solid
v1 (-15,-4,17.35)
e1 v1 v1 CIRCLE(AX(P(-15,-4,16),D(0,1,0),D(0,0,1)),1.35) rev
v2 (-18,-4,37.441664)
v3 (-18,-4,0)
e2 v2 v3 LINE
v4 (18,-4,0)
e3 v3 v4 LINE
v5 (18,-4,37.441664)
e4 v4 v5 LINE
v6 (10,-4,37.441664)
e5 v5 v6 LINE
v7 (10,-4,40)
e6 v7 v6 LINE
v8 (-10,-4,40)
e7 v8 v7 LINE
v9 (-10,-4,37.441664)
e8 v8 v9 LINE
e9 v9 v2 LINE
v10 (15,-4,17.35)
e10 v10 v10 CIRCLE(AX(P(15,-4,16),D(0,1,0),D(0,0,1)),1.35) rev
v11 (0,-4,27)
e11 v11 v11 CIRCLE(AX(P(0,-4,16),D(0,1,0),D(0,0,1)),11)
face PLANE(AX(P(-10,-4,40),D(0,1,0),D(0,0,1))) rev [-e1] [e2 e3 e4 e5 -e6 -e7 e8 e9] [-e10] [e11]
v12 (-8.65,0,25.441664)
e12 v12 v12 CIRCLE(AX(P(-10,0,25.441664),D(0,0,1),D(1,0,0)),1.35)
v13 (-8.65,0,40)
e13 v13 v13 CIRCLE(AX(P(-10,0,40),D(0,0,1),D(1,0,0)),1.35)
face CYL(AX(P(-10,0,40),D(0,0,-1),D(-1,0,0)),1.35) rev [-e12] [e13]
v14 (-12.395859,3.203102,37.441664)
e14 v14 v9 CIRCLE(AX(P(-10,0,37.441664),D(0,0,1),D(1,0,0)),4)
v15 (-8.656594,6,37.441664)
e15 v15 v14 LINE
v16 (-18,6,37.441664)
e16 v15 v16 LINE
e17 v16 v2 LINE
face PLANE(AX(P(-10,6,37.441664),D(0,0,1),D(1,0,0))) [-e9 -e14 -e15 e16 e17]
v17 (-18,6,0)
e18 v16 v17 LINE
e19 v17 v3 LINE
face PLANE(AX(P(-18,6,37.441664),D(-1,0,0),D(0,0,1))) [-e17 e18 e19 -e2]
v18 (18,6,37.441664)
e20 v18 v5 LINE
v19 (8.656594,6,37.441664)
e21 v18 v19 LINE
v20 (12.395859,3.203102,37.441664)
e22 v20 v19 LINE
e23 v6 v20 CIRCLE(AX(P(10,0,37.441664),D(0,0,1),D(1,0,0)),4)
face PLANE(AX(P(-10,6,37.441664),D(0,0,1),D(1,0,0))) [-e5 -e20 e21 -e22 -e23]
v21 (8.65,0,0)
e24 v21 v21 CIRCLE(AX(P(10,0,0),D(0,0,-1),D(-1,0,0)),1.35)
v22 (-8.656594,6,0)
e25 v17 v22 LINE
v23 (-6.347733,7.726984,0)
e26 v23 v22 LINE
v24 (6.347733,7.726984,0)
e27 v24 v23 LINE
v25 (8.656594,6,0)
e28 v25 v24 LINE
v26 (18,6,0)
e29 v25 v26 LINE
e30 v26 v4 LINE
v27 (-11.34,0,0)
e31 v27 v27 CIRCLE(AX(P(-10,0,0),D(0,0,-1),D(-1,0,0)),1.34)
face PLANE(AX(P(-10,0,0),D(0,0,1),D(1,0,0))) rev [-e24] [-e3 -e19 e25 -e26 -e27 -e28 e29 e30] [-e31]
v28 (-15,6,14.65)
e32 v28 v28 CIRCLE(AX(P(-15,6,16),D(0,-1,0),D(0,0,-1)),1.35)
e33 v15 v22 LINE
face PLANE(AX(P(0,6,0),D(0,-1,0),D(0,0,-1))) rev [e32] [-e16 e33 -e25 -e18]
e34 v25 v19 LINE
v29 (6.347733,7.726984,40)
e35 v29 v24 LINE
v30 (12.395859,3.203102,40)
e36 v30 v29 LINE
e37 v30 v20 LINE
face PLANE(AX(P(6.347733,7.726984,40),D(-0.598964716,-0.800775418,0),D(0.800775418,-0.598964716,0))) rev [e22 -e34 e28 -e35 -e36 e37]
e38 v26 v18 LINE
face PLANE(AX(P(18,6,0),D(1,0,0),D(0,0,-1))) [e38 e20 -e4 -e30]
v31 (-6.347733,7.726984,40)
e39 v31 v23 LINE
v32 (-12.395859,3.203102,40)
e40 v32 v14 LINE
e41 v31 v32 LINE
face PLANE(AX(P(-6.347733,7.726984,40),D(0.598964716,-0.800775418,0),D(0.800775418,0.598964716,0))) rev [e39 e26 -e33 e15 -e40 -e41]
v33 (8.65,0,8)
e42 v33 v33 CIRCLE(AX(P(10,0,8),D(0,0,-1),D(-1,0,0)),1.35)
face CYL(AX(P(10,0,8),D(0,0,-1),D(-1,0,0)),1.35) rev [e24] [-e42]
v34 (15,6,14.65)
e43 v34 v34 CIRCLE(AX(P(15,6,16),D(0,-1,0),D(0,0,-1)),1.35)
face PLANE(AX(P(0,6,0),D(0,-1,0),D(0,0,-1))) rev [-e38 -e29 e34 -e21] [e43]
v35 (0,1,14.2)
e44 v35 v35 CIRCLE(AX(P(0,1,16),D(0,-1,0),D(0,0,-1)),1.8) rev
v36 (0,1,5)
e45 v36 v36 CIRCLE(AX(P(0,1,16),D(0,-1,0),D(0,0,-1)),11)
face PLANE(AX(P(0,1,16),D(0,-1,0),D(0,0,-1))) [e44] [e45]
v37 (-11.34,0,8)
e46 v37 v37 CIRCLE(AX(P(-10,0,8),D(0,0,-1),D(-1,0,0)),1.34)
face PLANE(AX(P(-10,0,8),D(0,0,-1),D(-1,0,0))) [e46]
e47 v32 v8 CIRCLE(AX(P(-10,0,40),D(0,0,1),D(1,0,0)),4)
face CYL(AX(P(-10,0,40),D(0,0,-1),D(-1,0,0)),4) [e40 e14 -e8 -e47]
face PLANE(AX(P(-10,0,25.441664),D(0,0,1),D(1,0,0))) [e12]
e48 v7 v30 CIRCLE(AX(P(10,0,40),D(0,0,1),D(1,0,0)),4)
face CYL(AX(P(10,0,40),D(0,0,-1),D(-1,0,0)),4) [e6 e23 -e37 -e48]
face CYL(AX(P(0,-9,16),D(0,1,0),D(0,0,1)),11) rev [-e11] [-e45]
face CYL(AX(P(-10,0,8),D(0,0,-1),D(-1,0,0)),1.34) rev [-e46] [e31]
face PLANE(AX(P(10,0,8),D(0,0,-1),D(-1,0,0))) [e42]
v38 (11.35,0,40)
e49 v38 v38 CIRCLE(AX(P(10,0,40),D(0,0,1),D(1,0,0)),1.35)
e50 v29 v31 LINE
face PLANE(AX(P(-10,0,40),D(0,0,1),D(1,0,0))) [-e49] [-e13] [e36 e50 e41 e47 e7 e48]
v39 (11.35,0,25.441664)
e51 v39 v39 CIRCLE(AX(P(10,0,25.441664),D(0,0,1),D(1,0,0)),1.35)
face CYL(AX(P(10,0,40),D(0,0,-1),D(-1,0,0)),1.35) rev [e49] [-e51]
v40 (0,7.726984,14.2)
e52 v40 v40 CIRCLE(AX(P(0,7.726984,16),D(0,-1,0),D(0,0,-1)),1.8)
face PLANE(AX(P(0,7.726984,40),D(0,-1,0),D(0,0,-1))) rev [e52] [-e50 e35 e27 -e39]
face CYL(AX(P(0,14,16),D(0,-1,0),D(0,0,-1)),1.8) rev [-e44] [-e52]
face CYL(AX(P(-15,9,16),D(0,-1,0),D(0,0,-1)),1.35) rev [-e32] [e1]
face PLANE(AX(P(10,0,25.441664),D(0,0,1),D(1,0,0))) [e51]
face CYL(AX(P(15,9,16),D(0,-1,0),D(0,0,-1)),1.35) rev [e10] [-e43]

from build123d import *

# Parameters (mm, degrees)
SKETCH_1_R          = 1.35
EXTRUDE_1_DEPTH     = 40
EXTRUDE_2_DEPTH     = 10
SKETCH_3_W          = 36
SKETCH_3_H          = 37.441664415
SKETCH_3_R          = 11
EXTRUDE_3_DEPTH     = 5
SKETCH_4_R          = 1.8
CUT_EXTRUDE_1_DEPTH = 18
SKETCH_5_R          = 1.35
CUT_EXTRUDE_2_DEPTH = 18
CUT_EXTRUDE_START   = -5
SKETCH_6_R          = 11
CUT_EXTRUDE_3_DEPTH = 5
SKETCH_7_W          = 36
SKETCH_7_H          = 37.441664415
CUT_EXTRUDE_4_DEPTH = 5
CUT_EXTRUDE_START_2 = -12
SKETCH_8_R          = 1.35
CUT_EXTRUDE_5_DEPTH = 12
SKETCH_10_R         = 1.34
SKETCH_10_R_2       = 1.35
CUT_EXTRUDE_6_DEPTH = 8


with BuildPart() as part:
    # 草图1 → 凸台-拉伸1 (new body)
    with BuildSketch(Plane.XY):
        with BuildLine():
            Line((-10, -4), (10, -4))
            ThreePointArc((10, -4), (13.795550466, -1.262456597), (12.395858862, 3.203101671))
            Line((12.395858862, 3.203101671), (6.347732719, 7.726984491))
            Line((6.347732719, 7.726984491), (0, 7.726984491))
            Line((0, 7.726984491), (-6.347732719, 7.726984491))
            Line((-6.347732719, 7.726984491), (-12.395858862, 3.203101671))
            ThreePointArc((-12.395858862, 3.203101671), (-13.795550466, -1.262456597), (-10, -4))
        make_face()
        with Locations((10, 0)):
            Circle(SKETCH_1_R, mode=Mode.SUBTRACT)
        with Locations((-10, 0)):
            Circle(SKETCH_1_R, mode=Mode.SUBTRACT)
    extrude(amount=EXTRUDE_1_DEPTH)

    # 草图2 → 凸台-拉伸2 (add)
    with BuildSketch(Plane.XZ.offset(4)):
        Polygon((-10, 37.441664415), (-18, 37.441664415), (-18, 0), (0, 0), (10, 0), (18, 0), (18, 37.441664415), align=None)
    extrude(amount=-EXTRUDE_2_DEPTH)

    # 草图3 → 凸台-拉伸3 (add)
    with BuildSketch(Plane.XZ.offset(4)):
        with Locations((0, 18.720832208)):
            Rectangle(SKETCH_3_W, SKETCH_3_H)
        with Locations(Location((0, 16, 0), (0, 0, 270))):
            Circle(SKETCH_3_R, mode=Mode.SUBTRACT)
    extrude(amount=EXTRUDE_3_DEPTH)

    # 草图4 → 切除-拉伸1 (cut)
    with BuildSketch(Plane.XZ.offset(4)):
        with Locations(Location((0, 16, 0), (0, 0, 270))):
            Circle(SKETCH_4_R)
    extrude(amount=-CUT_EXTRUDE_1_DEPTH, mode=Mode.SUBTRACT)

    # 草图5 → 切除-拉伸2 (cut)
    with BuildSketch(Plane.XZ.offset(9)):
        with Locations(Location((-15, 16, 0), (0, 0, 270))):
            Circle(SKETCH_5_R)
        with Locations(Location((15, 16, 0), (0, 0, 270))):
            Circle(SKETCH_5_R)
    extrude(amount=-CUT_EXTRUDE_2_DEPTH, mode=Mode.SUBTRACT)

    # 草图6 → 切除-拉伸3 (cut)
    with BuildSketch(Plane.XZ.offset(4).offset(CUT_EXTRUDE_START)):
        with Locations(Location((0, 16, 0), (0, 0, 270))):
            Circle(SKETCH_6_R)
    extrude(amount=CUT_EXTRUDE_3_DEPTH, mode=Mode.SUBTRACT)

    # 草图7 → 切除-拉伸4 (cut)
    with BuildSketch(Plane.XZ.offset(9)):
        with Locations((0, 18.720832208)):
            Rectangle(SKETCH_7_W, SKETCH_7_H)
    extrude(amount=-CUT_EXTRUDE_4_DEPTH, mode=Mode.SUBTRACT)

    # 草图8 → 切除-拉伸5 (cut)
    with BuildSketch(Plane.XY.offset(37.441664415).offset(CUT_EXTRUDE_START_2)):
        with Locations((10, 0)):
            Circle(SKETCH_8_R)
        with Locations((-10, 0)):
            Circle(SKETCH_8_R)
    extrude(amount=CUT_EXTRUDE_5_DEPTH, mode=Mode.SUBTRACT)

    # 草图10 → 切除-拉伸6 (cut)
    with BuildSketch(Plane(origin=(0, 0, 0), x_dir=(-1, 0, 0), z_dir=(0, 0, -1))):
        with Locations((10, 0)):
            Circle(SKETCH_10_R)
        with Locations(Location((-10, 0, 0), (0, 0, 180))):
            Circle(SKETCH_10_R_2)
    extrude(amount=-CUT_EXTRUDE_6_DEPTH, mode=Mode.SUBTRACT)


solid = part.part
